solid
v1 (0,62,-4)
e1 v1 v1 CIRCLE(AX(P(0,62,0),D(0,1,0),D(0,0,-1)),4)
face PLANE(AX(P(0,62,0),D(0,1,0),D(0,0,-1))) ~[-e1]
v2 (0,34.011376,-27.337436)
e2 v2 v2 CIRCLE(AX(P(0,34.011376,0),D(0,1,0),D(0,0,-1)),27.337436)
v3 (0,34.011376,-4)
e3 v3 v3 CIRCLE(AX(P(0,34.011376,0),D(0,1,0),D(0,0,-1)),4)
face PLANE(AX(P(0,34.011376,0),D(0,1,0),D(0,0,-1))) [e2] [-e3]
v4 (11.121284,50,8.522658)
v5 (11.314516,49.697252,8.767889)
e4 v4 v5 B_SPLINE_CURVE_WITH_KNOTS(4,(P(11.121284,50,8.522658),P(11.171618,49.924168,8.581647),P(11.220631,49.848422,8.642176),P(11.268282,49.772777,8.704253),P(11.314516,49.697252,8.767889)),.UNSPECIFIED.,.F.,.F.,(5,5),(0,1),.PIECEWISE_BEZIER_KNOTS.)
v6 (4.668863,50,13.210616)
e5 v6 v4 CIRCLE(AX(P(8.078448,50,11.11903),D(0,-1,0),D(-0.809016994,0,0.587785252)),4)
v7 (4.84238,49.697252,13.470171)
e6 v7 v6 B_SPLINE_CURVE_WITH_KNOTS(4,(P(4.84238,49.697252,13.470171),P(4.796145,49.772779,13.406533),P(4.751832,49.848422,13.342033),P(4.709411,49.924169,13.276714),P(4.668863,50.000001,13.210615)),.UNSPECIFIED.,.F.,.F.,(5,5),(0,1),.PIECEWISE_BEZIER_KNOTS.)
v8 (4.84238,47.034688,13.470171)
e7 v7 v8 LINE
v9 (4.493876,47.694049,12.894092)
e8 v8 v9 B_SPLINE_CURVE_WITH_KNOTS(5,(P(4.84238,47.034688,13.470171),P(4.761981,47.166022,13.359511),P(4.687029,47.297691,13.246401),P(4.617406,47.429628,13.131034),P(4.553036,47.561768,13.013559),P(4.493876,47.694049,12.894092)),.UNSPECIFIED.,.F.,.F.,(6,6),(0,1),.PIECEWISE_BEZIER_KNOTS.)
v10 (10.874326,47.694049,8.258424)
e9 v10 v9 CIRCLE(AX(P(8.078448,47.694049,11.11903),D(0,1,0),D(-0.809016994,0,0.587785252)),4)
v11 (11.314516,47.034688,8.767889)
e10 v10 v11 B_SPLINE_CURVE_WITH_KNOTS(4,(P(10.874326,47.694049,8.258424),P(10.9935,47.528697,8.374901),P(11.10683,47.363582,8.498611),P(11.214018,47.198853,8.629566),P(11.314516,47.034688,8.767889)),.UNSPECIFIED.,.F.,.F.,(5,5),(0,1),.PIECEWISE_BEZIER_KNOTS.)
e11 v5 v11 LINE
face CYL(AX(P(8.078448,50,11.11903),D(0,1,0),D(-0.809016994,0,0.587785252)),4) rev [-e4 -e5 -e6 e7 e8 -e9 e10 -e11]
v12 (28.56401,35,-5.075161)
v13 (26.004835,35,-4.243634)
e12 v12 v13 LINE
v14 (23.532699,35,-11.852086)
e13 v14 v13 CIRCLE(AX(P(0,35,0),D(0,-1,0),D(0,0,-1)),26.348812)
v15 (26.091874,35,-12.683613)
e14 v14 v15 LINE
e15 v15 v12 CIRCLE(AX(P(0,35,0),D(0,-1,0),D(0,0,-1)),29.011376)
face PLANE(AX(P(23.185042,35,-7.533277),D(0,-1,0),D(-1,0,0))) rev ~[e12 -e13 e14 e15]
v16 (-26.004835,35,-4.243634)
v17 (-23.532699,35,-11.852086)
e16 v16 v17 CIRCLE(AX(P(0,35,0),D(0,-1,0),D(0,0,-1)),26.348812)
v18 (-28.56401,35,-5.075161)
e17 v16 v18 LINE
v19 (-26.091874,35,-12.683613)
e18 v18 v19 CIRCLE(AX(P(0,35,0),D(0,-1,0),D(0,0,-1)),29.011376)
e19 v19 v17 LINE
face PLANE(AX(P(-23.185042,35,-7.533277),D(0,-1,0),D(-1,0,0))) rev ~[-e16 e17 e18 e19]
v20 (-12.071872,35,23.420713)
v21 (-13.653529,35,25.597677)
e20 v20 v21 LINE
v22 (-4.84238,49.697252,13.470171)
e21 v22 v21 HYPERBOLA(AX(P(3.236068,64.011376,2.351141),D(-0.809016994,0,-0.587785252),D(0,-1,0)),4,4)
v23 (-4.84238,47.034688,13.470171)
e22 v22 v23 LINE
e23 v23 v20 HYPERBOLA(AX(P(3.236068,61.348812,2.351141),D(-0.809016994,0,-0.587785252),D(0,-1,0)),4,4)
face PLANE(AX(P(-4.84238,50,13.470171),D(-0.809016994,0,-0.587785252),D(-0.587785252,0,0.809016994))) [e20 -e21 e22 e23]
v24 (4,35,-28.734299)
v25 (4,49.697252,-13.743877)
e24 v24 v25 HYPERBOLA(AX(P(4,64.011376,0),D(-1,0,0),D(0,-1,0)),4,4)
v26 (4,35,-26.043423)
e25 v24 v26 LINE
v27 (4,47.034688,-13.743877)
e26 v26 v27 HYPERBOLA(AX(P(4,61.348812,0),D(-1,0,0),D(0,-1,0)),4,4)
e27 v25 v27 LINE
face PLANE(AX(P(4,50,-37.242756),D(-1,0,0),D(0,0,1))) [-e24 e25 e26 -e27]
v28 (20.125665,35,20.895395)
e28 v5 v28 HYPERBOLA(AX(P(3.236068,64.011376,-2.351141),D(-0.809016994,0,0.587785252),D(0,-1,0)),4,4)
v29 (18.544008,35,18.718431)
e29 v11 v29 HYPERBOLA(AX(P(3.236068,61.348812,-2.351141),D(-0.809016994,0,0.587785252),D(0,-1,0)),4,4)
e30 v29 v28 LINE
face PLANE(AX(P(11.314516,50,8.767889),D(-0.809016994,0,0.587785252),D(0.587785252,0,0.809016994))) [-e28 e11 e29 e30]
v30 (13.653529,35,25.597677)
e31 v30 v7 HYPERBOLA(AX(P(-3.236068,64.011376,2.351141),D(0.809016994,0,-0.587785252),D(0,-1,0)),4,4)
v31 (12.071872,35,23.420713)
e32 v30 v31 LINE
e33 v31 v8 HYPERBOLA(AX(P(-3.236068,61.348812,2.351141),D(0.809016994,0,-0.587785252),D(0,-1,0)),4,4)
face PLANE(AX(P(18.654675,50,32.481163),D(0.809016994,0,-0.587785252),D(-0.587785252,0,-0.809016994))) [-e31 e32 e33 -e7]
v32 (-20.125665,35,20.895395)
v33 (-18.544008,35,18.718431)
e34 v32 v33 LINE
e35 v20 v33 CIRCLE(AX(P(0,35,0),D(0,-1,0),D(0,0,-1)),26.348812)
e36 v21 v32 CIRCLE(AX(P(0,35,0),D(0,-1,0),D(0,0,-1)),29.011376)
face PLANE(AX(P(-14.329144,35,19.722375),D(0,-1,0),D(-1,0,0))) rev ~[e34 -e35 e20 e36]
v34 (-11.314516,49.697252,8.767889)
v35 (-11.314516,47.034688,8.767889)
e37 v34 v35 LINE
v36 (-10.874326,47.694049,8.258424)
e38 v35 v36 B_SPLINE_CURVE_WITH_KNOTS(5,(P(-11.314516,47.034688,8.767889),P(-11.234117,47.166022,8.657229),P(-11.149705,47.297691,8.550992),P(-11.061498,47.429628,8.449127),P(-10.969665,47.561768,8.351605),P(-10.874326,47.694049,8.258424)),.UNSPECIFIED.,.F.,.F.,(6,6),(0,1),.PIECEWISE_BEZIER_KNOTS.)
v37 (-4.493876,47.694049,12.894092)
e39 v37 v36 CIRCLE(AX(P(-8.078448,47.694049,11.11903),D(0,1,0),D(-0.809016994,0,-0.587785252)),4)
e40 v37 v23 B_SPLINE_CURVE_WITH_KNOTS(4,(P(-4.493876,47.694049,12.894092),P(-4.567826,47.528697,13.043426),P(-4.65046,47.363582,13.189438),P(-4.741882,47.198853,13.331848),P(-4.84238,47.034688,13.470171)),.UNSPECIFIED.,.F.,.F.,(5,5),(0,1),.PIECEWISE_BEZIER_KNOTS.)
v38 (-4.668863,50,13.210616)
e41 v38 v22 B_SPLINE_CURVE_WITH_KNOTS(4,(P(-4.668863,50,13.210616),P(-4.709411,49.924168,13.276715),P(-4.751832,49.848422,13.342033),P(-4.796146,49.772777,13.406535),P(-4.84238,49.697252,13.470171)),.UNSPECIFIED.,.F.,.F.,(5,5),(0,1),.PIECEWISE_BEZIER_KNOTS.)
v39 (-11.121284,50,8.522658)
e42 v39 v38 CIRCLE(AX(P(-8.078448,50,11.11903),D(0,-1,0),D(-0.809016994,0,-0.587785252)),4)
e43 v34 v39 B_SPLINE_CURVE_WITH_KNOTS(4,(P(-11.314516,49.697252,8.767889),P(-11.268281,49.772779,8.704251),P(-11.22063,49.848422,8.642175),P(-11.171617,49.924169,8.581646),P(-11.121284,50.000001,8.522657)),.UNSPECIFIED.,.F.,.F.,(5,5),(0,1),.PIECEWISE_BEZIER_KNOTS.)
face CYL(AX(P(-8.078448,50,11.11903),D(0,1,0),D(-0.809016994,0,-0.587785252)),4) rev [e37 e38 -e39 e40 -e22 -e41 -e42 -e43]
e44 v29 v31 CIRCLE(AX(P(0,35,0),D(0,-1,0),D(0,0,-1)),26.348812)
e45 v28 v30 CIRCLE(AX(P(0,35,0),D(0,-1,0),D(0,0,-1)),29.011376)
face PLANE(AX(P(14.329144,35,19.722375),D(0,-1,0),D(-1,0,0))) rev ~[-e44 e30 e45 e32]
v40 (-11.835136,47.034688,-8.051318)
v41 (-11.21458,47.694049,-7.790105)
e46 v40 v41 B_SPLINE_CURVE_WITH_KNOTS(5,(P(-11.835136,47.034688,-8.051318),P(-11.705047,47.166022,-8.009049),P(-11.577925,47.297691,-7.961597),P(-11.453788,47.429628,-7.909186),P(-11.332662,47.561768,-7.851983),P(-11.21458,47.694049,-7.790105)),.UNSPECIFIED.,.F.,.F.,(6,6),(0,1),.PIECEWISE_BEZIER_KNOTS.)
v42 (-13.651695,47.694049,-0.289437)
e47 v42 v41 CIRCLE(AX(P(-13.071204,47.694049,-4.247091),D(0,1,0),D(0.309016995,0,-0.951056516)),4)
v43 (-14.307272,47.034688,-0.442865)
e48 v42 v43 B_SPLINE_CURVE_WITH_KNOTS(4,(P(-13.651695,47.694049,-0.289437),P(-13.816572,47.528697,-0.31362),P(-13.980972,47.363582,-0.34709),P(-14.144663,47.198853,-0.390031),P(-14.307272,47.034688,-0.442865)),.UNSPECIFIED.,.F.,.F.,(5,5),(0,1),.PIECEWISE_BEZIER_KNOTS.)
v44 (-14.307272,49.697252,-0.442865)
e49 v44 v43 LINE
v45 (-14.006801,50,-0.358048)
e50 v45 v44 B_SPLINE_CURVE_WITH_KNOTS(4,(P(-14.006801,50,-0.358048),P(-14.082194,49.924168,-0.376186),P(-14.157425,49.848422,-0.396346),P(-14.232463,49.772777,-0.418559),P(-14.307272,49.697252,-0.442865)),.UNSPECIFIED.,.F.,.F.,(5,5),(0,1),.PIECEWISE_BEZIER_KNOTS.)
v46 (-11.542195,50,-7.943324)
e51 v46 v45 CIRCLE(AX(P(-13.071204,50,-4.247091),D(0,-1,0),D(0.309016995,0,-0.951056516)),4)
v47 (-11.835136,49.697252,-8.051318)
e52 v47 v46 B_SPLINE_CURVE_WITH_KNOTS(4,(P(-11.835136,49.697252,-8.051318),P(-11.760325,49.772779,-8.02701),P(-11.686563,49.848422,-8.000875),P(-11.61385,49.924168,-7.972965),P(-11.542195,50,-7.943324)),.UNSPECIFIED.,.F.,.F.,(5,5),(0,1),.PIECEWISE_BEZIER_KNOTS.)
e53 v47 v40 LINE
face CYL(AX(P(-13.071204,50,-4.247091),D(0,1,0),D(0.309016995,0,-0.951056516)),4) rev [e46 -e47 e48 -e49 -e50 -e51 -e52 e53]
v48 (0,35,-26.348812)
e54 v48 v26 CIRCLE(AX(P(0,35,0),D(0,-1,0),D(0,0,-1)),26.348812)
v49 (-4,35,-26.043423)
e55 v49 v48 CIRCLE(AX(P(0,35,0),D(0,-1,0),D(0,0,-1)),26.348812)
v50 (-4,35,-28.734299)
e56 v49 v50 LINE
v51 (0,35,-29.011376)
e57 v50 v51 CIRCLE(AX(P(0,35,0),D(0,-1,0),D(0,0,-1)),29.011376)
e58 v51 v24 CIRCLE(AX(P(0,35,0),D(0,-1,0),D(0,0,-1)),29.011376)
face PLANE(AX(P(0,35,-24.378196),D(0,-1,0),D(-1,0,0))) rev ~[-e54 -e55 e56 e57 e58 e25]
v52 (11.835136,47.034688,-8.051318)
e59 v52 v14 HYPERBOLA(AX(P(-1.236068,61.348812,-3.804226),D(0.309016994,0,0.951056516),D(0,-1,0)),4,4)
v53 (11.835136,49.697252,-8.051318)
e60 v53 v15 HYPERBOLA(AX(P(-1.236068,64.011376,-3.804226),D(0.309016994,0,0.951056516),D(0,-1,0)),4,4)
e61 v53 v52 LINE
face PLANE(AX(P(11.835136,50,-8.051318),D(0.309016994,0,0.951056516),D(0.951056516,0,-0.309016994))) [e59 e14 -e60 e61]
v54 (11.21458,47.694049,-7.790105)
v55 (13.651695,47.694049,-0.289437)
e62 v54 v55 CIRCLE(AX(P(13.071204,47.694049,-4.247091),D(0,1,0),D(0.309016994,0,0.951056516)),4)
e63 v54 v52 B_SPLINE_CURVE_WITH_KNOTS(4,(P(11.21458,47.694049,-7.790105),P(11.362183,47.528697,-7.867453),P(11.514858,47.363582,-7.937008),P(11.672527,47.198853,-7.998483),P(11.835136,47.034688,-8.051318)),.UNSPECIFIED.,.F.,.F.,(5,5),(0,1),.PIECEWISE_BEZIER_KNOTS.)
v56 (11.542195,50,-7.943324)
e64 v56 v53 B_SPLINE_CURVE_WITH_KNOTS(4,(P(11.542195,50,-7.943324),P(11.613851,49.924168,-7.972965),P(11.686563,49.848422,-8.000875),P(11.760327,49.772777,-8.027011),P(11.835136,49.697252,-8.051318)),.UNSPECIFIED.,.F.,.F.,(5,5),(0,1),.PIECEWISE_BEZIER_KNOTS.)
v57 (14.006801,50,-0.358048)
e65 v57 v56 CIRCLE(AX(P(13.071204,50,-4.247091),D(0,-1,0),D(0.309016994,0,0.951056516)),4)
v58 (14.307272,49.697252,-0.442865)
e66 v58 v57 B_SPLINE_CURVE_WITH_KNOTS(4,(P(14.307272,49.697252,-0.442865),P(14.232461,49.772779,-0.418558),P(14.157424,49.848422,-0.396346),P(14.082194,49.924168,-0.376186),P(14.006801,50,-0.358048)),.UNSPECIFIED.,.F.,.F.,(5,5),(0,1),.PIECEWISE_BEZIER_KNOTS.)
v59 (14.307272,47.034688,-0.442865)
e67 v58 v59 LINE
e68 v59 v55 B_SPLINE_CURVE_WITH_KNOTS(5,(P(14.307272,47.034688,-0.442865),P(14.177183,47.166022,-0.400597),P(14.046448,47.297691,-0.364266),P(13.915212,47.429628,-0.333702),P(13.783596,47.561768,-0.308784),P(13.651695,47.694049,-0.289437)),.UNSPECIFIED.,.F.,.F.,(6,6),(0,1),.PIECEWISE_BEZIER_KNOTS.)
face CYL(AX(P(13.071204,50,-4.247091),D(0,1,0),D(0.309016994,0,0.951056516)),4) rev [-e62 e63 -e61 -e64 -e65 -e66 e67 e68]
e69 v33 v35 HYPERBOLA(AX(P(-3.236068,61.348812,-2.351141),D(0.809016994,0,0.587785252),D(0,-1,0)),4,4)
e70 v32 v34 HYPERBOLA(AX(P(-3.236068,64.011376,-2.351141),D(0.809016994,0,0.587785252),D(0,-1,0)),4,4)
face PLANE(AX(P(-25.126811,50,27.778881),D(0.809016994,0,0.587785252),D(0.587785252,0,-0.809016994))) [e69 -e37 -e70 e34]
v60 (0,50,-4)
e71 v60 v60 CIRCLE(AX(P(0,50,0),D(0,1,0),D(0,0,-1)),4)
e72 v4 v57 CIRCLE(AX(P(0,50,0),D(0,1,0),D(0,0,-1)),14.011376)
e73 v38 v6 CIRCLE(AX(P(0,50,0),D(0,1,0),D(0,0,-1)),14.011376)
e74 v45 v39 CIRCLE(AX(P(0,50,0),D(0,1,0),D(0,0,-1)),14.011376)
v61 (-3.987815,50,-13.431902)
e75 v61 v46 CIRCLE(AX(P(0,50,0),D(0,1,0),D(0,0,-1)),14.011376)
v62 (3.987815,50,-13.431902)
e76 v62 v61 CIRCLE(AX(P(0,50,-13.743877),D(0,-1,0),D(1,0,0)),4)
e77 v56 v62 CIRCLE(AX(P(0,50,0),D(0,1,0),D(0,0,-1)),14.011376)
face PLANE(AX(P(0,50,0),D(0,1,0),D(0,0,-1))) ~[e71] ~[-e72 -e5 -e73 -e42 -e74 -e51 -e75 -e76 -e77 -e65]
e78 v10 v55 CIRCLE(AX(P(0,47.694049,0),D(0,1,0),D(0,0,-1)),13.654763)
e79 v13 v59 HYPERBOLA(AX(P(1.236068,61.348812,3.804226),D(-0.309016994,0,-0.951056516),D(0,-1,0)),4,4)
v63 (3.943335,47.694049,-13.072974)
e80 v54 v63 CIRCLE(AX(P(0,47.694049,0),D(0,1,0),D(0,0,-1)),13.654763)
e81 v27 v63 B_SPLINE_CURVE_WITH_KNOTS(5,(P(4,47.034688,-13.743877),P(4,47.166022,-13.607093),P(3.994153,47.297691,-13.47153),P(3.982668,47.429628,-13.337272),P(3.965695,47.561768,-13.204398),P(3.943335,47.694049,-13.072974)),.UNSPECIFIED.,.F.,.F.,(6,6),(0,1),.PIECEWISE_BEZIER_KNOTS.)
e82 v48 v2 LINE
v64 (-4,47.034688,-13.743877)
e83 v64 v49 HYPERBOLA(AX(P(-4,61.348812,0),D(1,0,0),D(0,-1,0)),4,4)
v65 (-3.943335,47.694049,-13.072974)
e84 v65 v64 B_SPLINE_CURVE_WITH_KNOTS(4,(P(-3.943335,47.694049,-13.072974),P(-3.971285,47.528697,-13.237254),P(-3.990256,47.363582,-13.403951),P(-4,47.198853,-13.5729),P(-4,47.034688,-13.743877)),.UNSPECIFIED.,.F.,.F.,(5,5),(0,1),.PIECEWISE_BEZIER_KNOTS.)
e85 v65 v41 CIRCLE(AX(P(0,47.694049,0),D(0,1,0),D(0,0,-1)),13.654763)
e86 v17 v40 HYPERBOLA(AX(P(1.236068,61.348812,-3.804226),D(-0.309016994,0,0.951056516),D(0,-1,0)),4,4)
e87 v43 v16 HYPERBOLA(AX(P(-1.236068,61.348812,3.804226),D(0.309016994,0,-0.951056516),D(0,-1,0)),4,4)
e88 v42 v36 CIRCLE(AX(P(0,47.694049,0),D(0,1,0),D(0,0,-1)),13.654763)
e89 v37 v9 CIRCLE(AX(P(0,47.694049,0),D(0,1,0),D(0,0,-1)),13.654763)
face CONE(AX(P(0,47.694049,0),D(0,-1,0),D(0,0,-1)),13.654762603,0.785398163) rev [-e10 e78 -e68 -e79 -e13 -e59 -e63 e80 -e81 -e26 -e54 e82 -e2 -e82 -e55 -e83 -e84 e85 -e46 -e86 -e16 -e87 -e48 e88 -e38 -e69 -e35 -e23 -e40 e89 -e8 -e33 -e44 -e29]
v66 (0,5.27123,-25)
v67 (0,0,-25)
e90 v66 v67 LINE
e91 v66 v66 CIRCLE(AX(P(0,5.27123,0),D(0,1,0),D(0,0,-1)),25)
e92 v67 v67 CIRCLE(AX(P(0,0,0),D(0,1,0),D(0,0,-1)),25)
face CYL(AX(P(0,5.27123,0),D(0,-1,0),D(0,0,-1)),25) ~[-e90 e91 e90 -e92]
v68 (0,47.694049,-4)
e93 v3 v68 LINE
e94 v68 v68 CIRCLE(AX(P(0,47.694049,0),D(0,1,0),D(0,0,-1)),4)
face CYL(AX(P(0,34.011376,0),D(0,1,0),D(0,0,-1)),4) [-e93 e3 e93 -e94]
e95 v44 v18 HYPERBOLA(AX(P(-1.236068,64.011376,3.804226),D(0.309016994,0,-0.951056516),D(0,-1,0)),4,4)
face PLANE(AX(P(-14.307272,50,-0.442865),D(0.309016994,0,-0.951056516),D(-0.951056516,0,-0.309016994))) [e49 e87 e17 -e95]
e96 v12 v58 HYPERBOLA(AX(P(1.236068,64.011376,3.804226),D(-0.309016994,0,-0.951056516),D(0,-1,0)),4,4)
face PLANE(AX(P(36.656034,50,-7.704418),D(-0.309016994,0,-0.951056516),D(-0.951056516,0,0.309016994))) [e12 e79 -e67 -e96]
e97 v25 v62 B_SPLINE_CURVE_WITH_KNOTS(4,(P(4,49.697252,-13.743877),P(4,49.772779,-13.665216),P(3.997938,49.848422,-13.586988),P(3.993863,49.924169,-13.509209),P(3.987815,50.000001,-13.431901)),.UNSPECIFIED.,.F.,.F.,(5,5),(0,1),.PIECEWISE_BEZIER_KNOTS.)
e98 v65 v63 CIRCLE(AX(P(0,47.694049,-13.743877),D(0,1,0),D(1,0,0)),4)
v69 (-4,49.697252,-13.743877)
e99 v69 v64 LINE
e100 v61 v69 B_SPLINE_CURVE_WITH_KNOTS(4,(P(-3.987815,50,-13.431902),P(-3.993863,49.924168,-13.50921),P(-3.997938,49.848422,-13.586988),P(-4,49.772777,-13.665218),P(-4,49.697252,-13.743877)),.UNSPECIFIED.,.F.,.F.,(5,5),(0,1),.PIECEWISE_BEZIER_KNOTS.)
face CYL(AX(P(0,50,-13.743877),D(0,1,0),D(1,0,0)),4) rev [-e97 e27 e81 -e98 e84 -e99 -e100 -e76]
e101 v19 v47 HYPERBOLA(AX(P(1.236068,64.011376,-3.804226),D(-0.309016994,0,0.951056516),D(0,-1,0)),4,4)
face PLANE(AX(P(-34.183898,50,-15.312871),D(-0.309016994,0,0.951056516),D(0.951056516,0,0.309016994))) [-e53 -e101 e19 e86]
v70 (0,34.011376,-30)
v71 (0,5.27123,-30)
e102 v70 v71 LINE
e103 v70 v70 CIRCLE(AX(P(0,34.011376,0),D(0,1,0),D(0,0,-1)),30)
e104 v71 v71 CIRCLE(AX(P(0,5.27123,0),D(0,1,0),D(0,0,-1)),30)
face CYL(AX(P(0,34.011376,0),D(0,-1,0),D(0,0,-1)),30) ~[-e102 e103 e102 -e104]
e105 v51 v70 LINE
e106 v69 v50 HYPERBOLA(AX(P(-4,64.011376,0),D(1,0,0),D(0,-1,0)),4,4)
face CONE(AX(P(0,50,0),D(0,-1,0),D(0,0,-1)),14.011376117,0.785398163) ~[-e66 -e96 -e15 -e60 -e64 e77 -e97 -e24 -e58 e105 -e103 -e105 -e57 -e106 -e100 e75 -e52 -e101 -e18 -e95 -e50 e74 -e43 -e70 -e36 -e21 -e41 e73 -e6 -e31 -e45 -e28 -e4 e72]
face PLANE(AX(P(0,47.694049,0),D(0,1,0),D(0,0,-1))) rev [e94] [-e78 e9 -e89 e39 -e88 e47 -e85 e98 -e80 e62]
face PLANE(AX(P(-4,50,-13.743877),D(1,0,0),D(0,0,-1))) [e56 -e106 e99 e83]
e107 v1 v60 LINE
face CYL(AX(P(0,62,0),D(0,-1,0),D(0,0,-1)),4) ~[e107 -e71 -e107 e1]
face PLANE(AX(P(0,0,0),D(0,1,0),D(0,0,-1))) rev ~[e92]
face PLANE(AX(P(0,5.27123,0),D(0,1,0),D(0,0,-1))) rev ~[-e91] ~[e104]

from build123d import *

# Parameters (mm, degrees)
CUT_EXTRUDE1_DEPTH = 15


with BuildPart() as part:
    # Sketch1 → Revolve1 (revolve)
    with BuildSketch(Plane.XY, mode=Mode.PRIVATE) as revolve1_sk:
        Polygon((0, 0), (0, 62), (4, 62), (4, 50), (14.011376117, 50), (30, 34.011376117), (30, 5.271229558), (25, 5.271229558), (25, 0), align=None)
        Polygon((4, 47.694049141), (13.654762603, 47.694049141), (27.337435628, 34.011376117), (4, 34.011376117), align=None, mode=Mode.SUBTRACT)
    revolve(revolve1_sk.sketch.rotate(Axis((0, 0, 0), (0, 1, 0)), 90), axis=Axis((0, 0, 0), (0, 1, 0)))

    # Sketch2 → Cut-Extrude1 (cut)
    with BuildSketch(Plane(origin=(0, 50, 0), x_dir=(1, 0, 0), z_dir=(0, 1, 0))):
        with BuildLine():
            Line((-4, 13.743876759), (-4, 37.242755883))
            Line((-4, 37.242755883), (4, 37.242755883))
            Line((4, 37.242755883), (4, 13.743876759))
            ThreePointArc((4, 13.743876759), (0, 9.743876759), (-4, 13.743876759))
        make_face()
        with BuildLine():
            Line((11.835135573, 8.051317552), (34.18389769, 15.312870551))
            Line((34.18389769, 15.312870551), (36.656033645, 7.70441842))
            Line((36.656033645, 7.70441842), (14.307271528, 0.442865422))
            ThreePointArc((14.307271528, 0.442865422), (9.266977486, 3.01102351), (11.835135573, 8.051317552))
        make_face()
        with BuildLine():
            Line((11.314516046, -8.767888857), (25.126810641, -27.778881418))
            Line((25.126810641, -27.778881418), (18.654674686, -32.481163436))
            Line((18.654674686, -32.481163436), (4.842380091, -13.470170876))
            ThreePointArc((4.842380091, -13.470170876), (5.727307059, -7.882961889), (11.314516046, -8.767888857))
        make_face()
        with BuildLine():
            Line((-4.842380091, -13.470170876), (-18.654674686, -32.481163436))
            Line((-18.654674686, -32.481163436), (-25.126810641, -27.778881418))
            Line((-25.126810641, -27.778881418), (-11.314516046, -8.767888857))
            ThreePointArc((-11.314516046, -8.767888857), (-5.727307059, -7.882961889), (-4.842380091, -13.470170876))
        make_face()
        with BuildLine():
            Line((-14.307271528, 0.442865422), (-36.656033645, 7.70441842))
            Line((-36.656033645, 7.70441842), (-34.18389769, 15.312870551))
            Line((-34.18389769, 15.312870551), (-11.835135573, 8.051317552))
            ThreePointArc((-11.835135573, 8.051317552), (-9.266977486, 3.01102351), (-14.307271528, 0.442865422))
        make_face()
    extrude(amount=-CUT_EXTRUDE1_DEPTH, mode=Mode.SUBTRACT)


solid = part.part
